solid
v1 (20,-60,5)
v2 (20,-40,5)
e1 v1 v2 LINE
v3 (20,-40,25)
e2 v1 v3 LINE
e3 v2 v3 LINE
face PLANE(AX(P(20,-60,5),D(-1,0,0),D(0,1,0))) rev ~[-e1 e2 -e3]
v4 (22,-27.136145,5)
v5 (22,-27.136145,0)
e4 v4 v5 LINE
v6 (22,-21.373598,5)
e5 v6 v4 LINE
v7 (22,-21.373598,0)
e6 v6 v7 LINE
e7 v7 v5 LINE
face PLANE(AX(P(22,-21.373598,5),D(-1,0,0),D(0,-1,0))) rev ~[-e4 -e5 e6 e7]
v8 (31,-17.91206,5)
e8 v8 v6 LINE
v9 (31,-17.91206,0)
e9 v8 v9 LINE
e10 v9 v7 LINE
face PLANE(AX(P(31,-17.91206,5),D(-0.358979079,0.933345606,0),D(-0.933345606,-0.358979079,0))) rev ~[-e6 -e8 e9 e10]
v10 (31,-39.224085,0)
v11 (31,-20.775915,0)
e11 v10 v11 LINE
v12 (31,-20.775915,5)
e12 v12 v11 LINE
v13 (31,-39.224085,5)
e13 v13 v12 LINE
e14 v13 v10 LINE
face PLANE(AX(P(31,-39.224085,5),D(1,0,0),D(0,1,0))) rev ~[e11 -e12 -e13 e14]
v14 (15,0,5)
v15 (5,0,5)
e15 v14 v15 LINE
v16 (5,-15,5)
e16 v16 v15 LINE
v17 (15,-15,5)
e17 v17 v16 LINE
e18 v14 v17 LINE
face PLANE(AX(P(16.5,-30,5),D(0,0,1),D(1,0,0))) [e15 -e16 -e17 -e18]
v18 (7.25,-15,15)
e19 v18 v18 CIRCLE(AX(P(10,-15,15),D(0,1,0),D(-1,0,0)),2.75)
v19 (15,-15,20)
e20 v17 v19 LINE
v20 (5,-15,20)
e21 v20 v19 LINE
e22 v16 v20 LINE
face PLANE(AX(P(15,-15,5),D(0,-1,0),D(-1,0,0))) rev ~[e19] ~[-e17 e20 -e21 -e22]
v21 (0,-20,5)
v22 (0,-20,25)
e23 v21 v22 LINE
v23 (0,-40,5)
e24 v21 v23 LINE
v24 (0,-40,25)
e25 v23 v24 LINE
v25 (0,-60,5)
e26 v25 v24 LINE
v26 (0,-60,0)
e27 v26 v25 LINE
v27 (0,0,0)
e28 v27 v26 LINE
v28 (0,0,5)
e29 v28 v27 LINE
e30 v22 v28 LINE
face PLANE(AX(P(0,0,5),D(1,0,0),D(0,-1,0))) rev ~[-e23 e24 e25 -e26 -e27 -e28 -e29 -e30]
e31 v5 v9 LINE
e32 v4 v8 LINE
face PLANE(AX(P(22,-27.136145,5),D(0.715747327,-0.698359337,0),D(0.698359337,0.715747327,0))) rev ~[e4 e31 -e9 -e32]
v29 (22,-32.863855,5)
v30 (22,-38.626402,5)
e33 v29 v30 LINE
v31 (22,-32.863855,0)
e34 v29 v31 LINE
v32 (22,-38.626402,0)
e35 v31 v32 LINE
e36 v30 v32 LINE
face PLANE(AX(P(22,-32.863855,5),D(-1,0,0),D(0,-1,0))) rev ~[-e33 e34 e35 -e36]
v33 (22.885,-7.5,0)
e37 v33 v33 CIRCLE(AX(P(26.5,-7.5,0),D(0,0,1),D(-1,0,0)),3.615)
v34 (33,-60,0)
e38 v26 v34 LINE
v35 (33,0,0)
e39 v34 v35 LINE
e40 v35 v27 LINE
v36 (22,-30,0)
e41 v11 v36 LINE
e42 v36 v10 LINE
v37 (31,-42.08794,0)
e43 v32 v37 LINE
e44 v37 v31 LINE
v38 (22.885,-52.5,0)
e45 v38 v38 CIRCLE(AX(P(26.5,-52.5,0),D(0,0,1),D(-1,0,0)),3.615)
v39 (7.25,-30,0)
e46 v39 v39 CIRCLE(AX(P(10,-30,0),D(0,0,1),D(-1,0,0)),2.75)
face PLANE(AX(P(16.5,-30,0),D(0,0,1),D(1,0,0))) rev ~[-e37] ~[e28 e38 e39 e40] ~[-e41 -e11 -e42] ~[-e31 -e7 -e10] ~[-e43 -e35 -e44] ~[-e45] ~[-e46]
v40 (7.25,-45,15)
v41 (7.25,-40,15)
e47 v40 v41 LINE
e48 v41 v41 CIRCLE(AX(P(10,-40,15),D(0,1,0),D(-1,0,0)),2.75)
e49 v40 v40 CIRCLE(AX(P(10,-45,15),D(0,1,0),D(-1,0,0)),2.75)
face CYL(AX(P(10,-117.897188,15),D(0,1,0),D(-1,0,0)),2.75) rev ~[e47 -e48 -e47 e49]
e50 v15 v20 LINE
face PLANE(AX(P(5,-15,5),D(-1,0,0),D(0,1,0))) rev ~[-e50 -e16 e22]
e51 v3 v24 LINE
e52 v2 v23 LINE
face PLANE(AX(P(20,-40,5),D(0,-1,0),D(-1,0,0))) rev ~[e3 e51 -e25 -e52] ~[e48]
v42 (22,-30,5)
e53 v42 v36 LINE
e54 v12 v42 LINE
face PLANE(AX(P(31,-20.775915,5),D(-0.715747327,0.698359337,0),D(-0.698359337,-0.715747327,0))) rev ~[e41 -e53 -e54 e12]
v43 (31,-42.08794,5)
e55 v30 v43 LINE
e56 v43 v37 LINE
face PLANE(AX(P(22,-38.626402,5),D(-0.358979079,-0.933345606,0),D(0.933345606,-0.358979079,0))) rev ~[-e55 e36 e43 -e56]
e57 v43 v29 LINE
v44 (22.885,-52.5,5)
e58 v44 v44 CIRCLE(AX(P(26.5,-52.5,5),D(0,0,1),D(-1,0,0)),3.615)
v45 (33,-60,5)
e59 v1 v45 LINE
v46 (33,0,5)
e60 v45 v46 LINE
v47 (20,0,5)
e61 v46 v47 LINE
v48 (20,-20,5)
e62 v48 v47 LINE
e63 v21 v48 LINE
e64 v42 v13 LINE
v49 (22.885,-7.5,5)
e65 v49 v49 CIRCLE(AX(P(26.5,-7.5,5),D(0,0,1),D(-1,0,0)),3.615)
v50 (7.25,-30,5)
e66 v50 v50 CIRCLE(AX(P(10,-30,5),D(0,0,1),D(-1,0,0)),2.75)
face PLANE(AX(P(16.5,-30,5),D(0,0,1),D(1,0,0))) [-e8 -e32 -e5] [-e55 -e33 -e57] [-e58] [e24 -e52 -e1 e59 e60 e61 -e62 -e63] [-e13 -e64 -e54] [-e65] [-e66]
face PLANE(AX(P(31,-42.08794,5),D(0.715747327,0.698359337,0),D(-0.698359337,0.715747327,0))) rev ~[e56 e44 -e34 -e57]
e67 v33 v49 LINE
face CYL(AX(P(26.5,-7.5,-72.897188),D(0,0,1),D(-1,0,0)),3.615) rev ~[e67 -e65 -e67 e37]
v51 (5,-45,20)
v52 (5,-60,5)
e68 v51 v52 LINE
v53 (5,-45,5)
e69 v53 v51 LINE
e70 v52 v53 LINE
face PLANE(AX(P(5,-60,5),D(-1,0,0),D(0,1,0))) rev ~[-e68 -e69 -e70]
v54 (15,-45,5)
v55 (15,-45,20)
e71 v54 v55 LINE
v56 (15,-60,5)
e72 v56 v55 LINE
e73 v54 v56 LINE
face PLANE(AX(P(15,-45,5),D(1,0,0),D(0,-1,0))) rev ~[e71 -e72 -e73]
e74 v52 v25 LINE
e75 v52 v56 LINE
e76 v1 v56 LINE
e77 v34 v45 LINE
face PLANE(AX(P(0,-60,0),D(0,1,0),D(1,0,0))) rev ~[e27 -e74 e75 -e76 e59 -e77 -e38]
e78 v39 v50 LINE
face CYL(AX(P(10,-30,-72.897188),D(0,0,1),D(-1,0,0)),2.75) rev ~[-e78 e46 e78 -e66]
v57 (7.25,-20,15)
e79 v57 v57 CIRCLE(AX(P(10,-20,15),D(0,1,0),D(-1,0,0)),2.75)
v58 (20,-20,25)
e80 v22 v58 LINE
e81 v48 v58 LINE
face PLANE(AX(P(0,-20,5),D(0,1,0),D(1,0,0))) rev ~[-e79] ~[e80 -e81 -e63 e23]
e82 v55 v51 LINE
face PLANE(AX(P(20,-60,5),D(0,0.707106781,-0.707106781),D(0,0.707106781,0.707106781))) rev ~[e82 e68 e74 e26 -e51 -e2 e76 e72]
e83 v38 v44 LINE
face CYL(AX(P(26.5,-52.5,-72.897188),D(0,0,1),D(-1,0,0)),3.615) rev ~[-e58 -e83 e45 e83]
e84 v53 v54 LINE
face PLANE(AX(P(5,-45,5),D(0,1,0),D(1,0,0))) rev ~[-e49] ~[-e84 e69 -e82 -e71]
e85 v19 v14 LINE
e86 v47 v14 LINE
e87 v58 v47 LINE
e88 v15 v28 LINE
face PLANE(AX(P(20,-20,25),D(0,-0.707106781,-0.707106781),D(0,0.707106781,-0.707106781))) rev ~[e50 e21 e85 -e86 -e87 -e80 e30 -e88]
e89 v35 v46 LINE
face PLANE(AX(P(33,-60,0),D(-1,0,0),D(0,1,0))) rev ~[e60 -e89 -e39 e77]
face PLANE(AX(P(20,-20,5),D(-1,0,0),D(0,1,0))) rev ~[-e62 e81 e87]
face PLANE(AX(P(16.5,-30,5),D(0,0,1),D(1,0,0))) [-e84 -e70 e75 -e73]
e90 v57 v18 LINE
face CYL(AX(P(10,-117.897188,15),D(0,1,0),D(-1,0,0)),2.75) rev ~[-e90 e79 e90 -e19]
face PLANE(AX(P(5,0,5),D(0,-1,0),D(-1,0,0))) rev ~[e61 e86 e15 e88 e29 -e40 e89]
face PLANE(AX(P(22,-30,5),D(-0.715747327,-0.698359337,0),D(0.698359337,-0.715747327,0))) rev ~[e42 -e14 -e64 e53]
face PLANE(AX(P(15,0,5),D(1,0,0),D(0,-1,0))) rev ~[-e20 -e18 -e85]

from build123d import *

# Parameters (mm, degrees)
F1_DEPTH = 5
F3_DEPTH = 20
F5_DEPTH = 20.001
F7_D     = 7.23
F9_DEPTH = 5.001
F10_D    = 5.5
F11_D    = 5.5


with BuildPart() as f1:
    # F0 (on Top) → F1 (new body)
    with BuildSketch(Plane.XY):
        Polygon((33, 0), (0, 0), (0, -60), (33, -60), (33, -45), (33, -15), align=None)
    extrude(amount=F1_DEPTH)

    # F2 (on face) → F3 (join)
    with BuildSketch(Plane.XY.offset(5)):
        Polygon((0, -20), (20, -20), (20, 0), (15, 0), (15, -15), (5, -15), (5, 0), (0, 0), align=None)
        Polygon((20, -40), (0, -40), (0, -60), (5, -60), (5, -45), (15, -45), (15, -60), (20, -60), align=None)
    extrude(amount=F3_DEPTH)

    # F4 (on face) → F5 (cut, through all)
    with BuildSketch(Plane.YZ.offset(20)):
        Polygon((0, 25), (-20, 25), (0, 5), align=None)
        Polygon((-60, 5), (-40, 25), (-60, 25), align=None)
    extrude(amount=-F5_DEPTH, mode=Mode.SUBTRACT)

    # F7 (through all)
    with Locations(Plane(origin=(0, 0, 0), x_dir=(1, 0, 0), z_dir=(0, 0, -1))):
        with Locations((26.5, 7.5), (26.5, 52.5)):
            Hole(F7_D / 2)

    # F8 (on face) → F9 (cut, through all)
    with BuildSketch(Plane.XY.offset(5)):
        Polygon((31, -39.2240850911), (31, -20.7759149089), (22, -30), align=None)
        Polygon((22, -27.136144826), (31, -17.912059735), (22, -21.3735981965), align=None)
        Polygon((22, -32.863855174), (22, -38.6264018035), (31, -42.087940265), align=None)
    extrude(amount=-F9_DEPTH, mode=Mode.SUBTRACT)

    # F10 (through all)
    with Locations(Plane(origin=(0, 0, 0), x_dir=(1, 0, 0), z_dir=(0, 0, -1))):
        with Locations((10, 30)):
            Hole(F10_D / 2)

    # F11 (through all)
    with Locations(Plane.XZ.offset(45)):
        with Locations((10, 15)):
            Hole(F11_D / 2)


solid = f1.part
